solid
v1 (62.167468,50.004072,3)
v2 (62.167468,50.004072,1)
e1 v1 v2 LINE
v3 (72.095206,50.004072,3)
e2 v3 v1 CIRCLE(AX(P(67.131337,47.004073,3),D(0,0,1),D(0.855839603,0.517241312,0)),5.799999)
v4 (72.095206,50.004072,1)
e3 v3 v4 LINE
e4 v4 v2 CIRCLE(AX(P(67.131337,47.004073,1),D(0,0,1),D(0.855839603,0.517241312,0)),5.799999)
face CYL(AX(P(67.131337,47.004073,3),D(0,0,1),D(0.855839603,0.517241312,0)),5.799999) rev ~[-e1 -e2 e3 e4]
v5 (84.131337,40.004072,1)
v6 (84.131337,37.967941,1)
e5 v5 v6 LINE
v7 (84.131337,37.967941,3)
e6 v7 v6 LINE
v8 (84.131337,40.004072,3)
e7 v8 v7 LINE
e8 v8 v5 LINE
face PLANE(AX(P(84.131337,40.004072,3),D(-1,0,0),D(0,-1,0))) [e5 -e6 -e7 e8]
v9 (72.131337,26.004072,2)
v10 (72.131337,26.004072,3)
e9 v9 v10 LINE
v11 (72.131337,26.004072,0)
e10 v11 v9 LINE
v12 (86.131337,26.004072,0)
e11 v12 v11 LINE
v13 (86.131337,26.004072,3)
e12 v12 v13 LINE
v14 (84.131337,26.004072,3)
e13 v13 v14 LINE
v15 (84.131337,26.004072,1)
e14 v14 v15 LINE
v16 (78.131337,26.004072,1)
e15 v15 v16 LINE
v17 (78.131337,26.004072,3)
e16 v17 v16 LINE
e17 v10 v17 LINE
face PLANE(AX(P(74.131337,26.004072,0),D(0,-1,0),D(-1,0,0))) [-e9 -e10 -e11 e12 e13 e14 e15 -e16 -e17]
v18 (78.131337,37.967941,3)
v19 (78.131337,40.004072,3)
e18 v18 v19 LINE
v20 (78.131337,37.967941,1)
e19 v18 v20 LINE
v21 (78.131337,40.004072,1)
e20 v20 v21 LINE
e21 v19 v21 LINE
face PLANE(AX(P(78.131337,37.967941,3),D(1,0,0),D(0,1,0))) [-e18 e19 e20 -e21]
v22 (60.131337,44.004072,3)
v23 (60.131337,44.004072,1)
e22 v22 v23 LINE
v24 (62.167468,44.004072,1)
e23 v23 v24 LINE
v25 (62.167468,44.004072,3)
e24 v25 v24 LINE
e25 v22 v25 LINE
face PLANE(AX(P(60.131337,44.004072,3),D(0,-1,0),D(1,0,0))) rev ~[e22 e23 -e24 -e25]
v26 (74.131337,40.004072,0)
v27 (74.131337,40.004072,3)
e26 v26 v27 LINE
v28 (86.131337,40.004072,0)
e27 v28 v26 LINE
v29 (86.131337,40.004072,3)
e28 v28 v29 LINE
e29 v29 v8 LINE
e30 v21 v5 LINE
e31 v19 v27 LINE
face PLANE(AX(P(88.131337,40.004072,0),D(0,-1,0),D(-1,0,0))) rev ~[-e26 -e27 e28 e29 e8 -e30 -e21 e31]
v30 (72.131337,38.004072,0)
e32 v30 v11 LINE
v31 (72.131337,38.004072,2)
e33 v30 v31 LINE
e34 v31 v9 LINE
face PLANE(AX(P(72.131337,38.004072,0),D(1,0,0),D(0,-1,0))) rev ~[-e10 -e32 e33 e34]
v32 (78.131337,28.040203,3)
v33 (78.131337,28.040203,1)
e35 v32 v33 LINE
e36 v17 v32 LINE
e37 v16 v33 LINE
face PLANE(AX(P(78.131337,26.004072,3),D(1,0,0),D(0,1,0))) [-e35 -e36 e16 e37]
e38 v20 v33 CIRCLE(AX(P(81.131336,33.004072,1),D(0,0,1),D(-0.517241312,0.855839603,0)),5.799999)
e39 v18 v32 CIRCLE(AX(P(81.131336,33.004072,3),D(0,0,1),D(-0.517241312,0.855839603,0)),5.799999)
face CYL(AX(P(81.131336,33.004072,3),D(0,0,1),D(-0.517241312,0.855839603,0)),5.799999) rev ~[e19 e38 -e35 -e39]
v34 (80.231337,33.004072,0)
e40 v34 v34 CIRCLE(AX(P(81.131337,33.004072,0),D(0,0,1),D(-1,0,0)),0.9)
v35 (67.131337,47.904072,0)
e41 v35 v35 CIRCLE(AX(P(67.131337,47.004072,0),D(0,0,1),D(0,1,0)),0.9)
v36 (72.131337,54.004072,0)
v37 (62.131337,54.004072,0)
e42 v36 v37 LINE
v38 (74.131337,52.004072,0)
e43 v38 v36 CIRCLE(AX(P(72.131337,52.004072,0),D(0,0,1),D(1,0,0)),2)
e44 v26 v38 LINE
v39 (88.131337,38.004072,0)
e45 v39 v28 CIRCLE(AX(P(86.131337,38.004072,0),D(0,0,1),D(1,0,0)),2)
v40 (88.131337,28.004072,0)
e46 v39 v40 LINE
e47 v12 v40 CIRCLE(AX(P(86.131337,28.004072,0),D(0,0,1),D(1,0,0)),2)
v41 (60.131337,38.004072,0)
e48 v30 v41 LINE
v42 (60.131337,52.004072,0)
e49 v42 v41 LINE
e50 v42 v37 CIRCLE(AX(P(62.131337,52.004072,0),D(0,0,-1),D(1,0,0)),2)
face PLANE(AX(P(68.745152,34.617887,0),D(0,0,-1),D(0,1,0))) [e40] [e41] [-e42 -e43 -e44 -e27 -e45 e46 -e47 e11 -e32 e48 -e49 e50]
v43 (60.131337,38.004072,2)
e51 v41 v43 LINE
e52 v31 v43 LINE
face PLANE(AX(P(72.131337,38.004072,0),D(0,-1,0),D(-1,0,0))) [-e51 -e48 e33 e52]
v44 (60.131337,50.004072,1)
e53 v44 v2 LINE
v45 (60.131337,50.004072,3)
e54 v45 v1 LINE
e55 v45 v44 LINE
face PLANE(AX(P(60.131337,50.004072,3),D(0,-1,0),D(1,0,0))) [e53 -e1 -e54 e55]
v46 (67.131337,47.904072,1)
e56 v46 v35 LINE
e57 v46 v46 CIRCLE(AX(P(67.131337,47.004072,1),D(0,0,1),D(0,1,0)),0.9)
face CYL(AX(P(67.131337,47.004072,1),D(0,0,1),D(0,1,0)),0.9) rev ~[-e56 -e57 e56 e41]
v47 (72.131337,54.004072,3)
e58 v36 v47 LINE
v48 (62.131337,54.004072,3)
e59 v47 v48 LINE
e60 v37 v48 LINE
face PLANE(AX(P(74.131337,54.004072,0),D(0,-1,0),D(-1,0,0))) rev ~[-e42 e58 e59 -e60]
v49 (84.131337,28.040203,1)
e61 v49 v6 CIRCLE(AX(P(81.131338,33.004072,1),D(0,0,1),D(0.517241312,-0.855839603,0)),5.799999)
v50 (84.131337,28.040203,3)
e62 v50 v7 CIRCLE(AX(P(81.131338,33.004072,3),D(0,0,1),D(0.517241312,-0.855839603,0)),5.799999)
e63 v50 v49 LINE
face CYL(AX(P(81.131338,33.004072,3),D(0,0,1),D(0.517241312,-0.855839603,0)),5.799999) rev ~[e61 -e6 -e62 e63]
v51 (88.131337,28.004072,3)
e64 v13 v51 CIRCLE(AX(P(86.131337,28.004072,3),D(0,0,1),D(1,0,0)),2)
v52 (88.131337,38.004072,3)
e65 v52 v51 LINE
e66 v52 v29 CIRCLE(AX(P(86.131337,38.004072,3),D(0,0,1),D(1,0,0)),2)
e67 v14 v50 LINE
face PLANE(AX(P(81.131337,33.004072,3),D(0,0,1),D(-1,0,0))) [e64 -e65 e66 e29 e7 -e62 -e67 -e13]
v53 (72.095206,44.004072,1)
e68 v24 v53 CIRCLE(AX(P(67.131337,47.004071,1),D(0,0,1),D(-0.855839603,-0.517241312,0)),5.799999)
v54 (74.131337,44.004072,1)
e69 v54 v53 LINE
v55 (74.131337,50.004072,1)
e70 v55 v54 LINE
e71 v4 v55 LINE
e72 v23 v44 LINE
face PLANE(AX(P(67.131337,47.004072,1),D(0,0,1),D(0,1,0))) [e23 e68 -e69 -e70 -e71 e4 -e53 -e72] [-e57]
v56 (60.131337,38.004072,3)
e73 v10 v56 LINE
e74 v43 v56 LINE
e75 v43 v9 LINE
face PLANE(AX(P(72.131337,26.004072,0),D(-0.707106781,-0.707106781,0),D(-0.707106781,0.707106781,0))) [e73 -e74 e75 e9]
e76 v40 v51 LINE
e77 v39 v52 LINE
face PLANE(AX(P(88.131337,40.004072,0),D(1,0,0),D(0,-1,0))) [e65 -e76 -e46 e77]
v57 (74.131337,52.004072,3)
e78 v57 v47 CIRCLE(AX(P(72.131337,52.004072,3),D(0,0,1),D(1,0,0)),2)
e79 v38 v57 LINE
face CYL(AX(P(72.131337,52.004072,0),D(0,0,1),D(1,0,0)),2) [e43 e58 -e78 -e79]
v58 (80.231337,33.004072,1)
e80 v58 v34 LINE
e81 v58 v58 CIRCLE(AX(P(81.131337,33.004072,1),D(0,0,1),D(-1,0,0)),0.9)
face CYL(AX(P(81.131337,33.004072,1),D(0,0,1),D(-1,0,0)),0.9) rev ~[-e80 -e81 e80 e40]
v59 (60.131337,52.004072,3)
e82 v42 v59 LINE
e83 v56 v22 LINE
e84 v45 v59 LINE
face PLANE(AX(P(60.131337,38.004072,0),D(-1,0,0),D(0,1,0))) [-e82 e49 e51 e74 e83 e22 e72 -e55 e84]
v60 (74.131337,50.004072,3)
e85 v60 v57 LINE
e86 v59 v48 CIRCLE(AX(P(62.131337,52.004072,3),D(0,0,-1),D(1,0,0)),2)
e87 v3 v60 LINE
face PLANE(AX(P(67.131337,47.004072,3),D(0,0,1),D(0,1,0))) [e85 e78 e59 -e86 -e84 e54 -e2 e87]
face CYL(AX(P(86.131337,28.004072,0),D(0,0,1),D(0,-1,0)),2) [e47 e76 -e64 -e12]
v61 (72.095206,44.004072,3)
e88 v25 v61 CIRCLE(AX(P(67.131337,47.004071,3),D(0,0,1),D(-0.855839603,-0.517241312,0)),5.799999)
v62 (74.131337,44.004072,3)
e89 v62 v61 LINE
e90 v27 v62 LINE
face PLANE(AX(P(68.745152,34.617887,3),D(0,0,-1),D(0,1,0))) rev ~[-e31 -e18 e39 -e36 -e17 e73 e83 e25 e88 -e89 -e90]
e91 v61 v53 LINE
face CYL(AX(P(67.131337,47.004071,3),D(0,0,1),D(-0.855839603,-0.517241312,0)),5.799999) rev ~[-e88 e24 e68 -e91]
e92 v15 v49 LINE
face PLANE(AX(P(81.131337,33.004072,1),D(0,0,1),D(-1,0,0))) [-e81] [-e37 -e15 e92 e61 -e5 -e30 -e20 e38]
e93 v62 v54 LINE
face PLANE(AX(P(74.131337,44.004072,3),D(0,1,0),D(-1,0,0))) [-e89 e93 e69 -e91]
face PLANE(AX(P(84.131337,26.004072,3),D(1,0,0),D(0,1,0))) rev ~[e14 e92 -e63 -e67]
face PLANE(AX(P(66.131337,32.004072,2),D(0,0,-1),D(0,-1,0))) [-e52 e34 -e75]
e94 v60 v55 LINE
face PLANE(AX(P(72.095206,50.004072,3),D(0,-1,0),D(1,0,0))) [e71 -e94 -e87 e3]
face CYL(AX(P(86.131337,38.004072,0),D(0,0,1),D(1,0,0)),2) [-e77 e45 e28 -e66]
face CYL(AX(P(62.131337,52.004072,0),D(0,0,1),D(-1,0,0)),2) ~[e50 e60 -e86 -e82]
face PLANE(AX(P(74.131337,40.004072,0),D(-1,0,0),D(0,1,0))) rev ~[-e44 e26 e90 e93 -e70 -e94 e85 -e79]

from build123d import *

# Parameters (mm, degrees)
SKETCH006_W                 = 14
SKETCH006_H                 = 14
PAD002_DEPTH                = 3
POCKET004_DEPTH             = 2
SKETCH008_R                 = 0.9
POCKET005_DEPTH             = 1.001
CLONE001007_PLACEMENT_ANGLE = 90
PAD_DEPTH                   = 3
SKETCH010_W                 = 12
SKETCH010_H                 = 12
POCKET_DEPTH                = 2
CLONE001006_PLACEMENT_ANGLE = 180
FILLET001_R                 = 2
CLONE001009_PLACEMENT_ANGLE = -90
CLONE001012_PLACEMENT_ANGLE = 180


with BuildPart() as pushpin_unit001:
    # Sketch006 → Pad002 (new body)
    with BuildSketch(Plane.XY):
        Rectangle(SKETCH006_W, SKETCH006_H)
    extrude(amount=PAD002_DEPTH)

    # Sketch007 → Pocket004 (cut)
    with BuildSketch(Plane.XY.offset(3)):
        with BuildLine():
            Line((-3, 7), (-3, 4.963869))
            ThreePointArc((-3, 4.963869), (-5.8, 0), (-3, -4.963869))
            Line((-3, -7), (-3, -4.963869))
            Line((3, -7), (-3, -7))
            Line((3, -4.963869), (3, -7))
            ThreePointArc((3, -4.963869), (5.8, 0), (3, 4.963869))
            Line((3, 7), (3, 4.963869))
            Line((-3, 7), (3, 7))
        make_face()
    extrude(amount=-POCKET004_DEPTH, mode=Mode.SUBTRACT)

    # Sketch008 → Pocket005 (cut, through all)
    with BuildSketch(Plane.XY.offset(1)):
        Circle(SKETCH008_R)
    extrude(amount=-POCKET005_DEPTH, mode=Mode.SUBTRACT)


with BuildPart() as pushpin_unit001_1:
    # Clone001005 placement: moved
    add(pushpin_unit001.part.moved(Location((14, 0, 0))))


with BuildPart() as pushpin_unit003:
    # Clone001007 base: copy of pushpin-unit001
    add(pushpin_unit001_1.part)


with BuildPart() as pushpin_unit003_1:
    # Clone001007 placement: moved
    add(pushpin_unit003.part.moved(Location((0, -28, 0))).rotate(Axis((0, -28, 0), (0, 0, 1)), CLONE001007_PLACEMENT_ANGLE))


with BuildPart() as pushpin_unit002:
    # Sketch → Pad (new body)
    with BuildSketch(Plane.XY):
        Polygon((-7, -7), (-7, 7), (7, 7), (7, 5), (-5, -7), align=None)
    extrude(amount=PAD_DEPTH)

    # Sketch010 → Pocket (cut)
    with BuildSketch(Plane(origin=(0, 0, 0), x_dir=(1, 0, 0), z_dir=(0, 0, -1))):
        with Locations((1, 1)):
            Rectangle(SKETCH010_W, SKETCH010_H)
    extrude(amount=-POCKET_DEPTH, mode=Mode.SUBTRACT)


with BuildPart() as pushpin_unit002_1:
    # Clone001006 placement: moved
    add(pushpin_unit002.part.rotate(Axis((0, 0, 0), (0, 0, 1)), CLONE001006_PLACEMENT_ANGLE))


with BuildPart() as corner_holder_double002:
    # Fusion001 base: copy of pushpin-unit001
    add(pushpin_unit001_1.part)

    # Fusion001: union pushpin-unit003, pushpin-unit002
    add(pushpin_unit003_1.part)
    add(pushpin_unit002_1.part)

    # Fillet001
    fillet001_edges = [corner_holder_double002.edges().sort_by_distance(p)[0] for p in [
        (21, 7, 1.5),
        (21, -7, 1.5),
        (7, -21, 1.5),
        (-7, -21, 1.5),
    ]]
    fillet(fillet001_edges, radius=FILLET001_R)


with BuildPart() as corner_holder_double002_1:
    # Clone001008 placement: moved
    add(corner_holder_double002.part.moved(Location((-13.497608, 48.033168, 0))))


with BuildPart() as corner_holder_double002_2:
    # Clone001009 placement: moved
    add(corner_holder_double002_1.part.moved(Location((-30.900794, -30.494573, 0))).rotate(Axis((-30.900794, -30.494573, 0), (0, 0, 1)), CLONE001009_PLACEMENT_ANGLE))


with BuildPart() as corner_holder_double002_3:
    # Clone001012 placement: moved
    add(corner_holder_double002_2.part.moved(Location((84.263711, 16.007107, 0))).rotate(Axis((84.263711, 16.007107, 0), (0, 0, 1)), CLONE001012_PLACEMENT_ANGLE))


solid = corner_holder_double002_3.part
